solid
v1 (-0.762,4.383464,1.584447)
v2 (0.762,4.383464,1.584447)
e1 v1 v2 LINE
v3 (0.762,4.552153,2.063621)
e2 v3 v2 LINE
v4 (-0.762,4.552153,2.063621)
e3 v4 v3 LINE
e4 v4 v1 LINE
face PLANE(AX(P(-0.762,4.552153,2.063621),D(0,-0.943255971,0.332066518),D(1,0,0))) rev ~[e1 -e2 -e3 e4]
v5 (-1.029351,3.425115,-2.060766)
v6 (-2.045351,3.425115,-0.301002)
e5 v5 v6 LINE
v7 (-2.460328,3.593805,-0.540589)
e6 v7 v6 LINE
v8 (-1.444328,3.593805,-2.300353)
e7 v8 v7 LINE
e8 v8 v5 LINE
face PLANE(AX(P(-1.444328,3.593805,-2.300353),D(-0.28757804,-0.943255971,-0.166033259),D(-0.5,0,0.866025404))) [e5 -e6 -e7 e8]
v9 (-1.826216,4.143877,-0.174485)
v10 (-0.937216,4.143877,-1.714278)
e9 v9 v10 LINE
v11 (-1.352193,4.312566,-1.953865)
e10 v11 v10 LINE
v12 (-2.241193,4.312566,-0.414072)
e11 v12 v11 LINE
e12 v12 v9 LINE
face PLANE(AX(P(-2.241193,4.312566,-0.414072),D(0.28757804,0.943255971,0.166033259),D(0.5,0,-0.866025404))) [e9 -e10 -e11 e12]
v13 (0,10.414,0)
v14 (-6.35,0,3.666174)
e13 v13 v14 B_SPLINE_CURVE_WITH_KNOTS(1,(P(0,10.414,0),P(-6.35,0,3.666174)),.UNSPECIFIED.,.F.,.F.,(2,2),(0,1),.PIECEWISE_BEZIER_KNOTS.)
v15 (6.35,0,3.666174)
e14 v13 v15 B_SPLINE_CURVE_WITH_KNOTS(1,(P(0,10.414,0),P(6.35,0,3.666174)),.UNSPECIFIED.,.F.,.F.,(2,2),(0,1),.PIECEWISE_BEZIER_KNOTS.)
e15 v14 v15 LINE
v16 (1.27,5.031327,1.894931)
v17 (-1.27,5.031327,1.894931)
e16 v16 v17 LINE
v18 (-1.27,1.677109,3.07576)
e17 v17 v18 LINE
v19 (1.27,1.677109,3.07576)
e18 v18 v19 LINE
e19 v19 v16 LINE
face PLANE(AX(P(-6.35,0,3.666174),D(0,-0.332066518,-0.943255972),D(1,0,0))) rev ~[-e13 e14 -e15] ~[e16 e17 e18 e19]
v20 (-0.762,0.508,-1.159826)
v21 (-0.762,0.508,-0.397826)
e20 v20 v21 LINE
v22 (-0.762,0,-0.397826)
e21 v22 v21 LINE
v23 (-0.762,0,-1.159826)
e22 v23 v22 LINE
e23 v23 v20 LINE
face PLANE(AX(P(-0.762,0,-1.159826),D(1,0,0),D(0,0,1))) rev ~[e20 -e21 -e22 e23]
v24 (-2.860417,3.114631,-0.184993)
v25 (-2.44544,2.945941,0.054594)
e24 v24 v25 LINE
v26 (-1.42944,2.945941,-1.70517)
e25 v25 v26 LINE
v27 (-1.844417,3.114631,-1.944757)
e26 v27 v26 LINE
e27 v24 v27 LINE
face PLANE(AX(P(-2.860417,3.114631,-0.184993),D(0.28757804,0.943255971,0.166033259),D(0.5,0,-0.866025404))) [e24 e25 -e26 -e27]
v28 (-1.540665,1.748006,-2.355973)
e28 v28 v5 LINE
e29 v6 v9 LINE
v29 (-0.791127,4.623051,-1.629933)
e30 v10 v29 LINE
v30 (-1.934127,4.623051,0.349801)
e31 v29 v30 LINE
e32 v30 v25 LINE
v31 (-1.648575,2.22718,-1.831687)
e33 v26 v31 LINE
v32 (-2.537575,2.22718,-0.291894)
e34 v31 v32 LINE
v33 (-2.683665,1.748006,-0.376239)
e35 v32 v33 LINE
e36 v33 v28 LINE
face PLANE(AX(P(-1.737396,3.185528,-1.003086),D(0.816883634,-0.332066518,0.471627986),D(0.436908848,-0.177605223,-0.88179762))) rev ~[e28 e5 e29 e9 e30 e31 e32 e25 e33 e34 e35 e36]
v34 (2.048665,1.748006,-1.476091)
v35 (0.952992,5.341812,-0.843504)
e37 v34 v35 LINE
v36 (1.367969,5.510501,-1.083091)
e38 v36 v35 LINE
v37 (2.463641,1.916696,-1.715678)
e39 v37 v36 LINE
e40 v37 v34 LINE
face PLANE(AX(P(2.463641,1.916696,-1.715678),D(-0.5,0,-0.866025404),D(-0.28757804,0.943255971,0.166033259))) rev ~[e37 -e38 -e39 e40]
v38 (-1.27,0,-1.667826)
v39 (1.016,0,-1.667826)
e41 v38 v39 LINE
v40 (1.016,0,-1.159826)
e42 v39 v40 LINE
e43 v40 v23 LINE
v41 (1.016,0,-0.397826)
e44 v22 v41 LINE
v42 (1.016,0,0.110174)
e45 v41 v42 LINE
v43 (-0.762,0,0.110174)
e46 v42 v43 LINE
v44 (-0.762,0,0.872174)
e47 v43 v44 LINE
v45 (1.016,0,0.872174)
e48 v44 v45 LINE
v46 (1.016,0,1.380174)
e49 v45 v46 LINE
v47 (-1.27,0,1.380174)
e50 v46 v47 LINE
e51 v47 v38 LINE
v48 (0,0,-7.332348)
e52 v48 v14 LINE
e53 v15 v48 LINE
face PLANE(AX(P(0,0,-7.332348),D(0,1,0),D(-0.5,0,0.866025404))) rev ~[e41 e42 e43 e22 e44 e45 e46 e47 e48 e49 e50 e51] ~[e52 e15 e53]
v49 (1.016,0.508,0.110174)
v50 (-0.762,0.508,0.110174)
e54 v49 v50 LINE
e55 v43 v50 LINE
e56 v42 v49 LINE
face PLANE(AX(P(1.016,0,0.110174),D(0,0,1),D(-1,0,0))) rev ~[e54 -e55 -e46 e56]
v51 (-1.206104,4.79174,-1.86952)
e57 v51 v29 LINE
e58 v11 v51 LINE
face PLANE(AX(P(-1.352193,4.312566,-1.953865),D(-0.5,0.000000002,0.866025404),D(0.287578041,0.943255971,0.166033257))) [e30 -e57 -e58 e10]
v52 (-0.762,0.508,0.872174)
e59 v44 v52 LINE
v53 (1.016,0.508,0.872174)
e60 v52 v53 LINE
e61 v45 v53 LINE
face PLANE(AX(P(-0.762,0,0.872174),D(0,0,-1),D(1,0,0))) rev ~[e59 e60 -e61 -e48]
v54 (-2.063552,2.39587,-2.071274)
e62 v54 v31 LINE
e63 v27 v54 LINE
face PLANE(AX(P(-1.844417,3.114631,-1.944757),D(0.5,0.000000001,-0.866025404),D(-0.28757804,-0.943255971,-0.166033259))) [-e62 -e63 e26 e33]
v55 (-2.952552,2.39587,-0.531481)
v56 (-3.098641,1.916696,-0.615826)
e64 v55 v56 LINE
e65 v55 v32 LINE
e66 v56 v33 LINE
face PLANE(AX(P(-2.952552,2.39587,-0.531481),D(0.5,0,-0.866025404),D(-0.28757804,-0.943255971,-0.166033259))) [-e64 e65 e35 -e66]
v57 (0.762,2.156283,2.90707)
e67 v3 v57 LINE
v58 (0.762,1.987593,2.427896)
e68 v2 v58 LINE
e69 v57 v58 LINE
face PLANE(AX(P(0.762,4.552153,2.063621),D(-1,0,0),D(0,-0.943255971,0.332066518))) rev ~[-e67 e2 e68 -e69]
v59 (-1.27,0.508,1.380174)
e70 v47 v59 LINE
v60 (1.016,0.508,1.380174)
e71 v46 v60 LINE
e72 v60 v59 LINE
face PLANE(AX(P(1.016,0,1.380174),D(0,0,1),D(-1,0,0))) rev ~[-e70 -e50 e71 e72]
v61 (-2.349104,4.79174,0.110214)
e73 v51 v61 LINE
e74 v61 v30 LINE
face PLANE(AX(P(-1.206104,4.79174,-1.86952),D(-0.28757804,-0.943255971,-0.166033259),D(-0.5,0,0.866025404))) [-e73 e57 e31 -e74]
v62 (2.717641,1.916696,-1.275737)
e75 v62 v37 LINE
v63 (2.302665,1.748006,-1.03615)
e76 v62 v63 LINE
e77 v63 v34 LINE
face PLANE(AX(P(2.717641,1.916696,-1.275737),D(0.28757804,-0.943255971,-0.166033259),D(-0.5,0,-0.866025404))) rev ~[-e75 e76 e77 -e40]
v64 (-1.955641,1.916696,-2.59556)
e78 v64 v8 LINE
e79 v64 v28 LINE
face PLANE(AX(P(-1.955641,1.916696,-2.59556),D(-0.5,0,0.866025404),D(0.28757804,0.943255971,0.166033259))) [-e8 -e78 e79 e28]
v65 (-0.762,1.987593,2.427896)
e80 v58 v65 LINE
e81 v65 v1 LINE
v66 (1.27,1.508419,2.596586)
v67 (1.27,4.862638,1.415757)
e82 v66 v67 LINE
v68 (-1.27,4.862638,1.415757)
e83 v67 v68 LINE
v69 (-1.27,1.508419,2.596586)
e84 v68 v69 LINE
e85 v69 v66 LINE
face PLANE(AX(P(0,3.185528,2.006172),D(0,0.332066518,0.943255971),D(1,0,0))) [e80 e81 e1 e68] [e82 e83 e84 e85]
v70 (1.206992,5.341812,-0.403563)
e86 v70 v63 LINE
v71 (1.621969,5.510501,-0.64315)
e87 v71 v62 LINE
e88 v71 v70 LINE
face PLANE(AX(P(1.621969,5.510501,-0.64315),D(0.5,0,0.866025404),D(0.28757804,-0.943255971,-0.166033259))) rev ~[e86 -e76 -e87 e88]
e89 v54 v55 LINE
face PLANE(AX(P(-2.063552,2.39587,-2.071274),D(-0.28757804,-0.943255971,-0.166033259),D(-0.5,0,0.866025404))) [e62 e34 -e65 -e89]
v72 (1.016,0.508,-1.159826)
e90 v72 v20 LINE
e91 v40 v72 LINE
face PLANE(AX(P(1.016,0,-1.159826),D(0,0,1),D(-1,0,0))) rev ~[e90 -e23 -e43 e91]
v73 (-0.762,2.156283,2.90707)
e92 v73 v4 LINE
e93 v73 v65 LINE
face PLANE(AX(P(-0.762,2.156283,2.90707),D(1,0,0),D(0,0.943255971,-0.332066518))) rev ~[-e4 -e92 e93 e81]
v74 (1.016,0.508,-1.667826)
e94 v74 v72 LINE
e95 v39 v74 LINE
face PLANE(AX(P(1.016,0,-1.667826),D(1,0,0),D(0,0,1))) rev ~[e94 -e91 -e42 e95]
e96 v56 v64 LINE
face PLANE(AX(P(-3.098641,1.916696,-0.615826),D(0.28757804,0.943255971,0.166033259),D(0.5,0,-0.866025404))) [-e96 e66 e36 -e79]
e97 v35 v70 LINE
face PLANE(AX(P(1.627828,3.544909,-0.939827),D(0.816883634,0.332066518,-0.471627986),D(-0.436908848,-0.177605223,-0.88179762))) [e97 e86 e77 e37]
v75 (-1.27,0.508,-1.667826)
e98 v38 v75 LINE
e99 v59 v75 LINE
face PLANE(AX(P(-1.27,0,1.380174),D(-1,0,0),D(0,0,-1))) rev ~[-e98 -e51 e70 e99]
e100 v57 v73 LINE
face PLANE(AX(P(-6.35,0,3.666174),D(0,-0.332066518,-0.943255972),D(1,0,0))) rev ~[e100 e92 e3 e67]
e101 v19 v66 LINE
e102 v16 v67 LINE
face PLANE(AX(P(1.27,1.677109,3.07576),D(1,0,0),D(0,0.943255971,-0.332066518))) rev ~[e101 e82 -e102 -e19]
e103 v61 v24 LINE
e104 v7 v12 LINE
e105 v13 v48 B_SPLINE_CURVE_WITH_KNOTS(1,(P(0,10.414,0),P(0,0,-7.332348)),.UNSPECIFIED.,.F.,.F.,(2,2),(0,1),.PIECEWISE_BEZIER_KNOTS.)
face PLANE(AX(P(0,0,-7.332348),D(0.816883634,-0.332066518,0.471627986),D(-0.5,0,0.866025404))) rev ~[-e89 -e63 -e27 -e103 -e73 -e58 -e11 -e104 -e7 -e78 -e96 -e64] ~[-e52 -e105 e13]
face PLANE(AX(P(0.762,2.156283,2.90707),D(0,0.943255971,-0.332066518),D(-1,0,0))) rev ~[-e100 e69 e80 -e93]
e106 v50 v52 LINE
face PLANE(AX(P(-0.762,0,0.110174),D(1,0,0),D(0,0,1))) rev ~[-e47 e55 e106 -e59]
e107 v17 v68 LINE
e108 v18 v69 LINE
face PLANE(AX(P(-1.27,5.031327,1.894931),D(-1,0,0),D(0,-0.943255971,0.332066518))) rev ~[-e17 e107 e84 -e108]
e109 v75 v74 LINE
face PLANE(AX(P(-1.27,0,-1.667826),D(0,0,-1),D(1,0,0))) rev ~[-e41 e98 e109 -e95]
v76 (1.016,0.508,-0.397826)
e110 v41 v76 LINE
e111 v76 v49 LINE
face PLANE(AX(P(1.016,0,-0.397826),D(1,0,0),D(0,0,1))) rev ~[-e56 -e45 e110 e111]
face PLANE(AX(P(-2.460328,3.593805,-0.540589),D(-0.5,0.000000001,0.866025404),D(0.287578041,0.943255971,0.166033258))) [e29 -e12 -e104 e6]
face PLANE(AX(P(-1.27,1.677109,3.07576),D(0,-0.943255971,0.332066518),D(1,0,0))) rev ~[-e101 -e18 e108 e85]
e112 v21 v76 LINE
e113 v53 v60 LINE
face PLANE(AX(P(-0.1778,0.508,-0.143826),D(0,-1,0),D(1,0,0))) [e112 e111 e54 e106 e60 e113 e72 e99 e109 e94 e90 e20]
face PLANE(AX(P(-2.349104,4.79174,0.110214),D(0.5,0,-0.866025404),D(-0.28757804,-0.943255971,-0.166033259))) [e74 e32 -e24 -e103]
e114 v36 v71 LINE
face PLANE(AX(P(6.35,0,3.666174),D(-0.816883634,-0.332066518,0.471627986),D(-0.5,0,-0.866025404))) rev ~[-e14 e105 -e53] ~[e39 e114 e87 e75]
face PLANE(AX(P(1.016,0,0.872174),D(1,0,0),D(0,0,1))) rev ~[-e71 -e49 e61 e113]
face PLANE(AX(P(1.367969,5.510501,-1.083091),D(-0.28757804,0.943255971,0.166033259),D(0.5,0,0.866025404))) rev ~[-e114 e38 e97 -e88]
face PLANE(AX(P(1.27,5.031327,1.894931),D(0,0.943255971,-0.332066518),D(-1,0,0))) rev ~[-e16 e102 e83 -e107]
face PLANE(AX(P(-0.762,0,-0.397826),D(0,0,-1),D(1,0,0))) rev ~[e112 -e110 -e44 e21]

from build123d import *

# Parameters (mm, degrees)
SKETCH4_W               = 2.54
SKETCH4_H               = 3.556
SKETCH4_W_2             = 1.524
SKETCH4_H_2             = 2.54
CUT_EXTRUDE1_DEPTH      = 0.508
CUT_EXTRUDE2_DEPTH      = 0.508
CUT_EXTRUDE3_DEPTH      = 0.508
CUT_EXTRUDE4_DEPTH      = 15.231557685
CUT_EXTRUDE4_DEPTH_BACK = 0.508
SKETCH8_W               = 0.762
SKETCH8_H               = 0.254
SKETCH8_W_2             = 1.016
SKETCH8_W_3             = 0.254


with BuildPart() as part:
    # Sketch1 → Loft1 section 0
    with BuildSketch(Plane(origin=(0, 0, 0), x_dir=(1, 0, 0), z_dir=(0, 1, 0)), mode=Mode.PRIVATE) as loft1_s0:
        with BuildLine():
            Line((0, 7.332348419), (-6.35, -3.666174209))
            Line((-6.35, -3.666174209), (6.35, -3.666174209))
            Line((6.35, -3.666174209), (0, 7.332348419))
        make_face()
    loft([Vertex(0, 10.414, 0), loft1_s0.sketch])

    # Sketch4 → Cut-Extrude1 (cut)
    with BuildSketch(Plane(origin=(0, 1.148332745, 3.26191188), x_dir=(1, 0, 0), z_dir=(6.377659034928701e-15, 0.3320665177261577, 0.9432559715184545))):
        with Locations((0, 2.338586297)):
            Rectangle(SKETCH4_W, SKETCH4_H)
        with Locations((0, 2.338586297)):
            Rectangle(SKETCH4_W_2, SKETCH4_H_2, mode=Mode.SUBTRACT)
    extrude(amount=-CUT_EXTRUDE1_DEPTH, mode=Mode.SUBTRACT)

    # Sketch6 → Cut-Extrude2 (cut)
    with BuildSketch(Plane(origin=(2.824898553, 1.148332745, -1.63095594), x_dir=(-0.43690884833145366, -0.17760522289896655, -0.881797620233062), z_dir=(0.8168836336063493, 0.3320665177261613, -0.4716279857592303))):
        Polygon((-0.621304332, 4.589694472), (-1.120218022, 4.494043391), (-0.402834916, 0.752190711), (0.096078775, 0.847841792), align=None)
    extrude(amount=-CUT_EXTRUDE2_DEPTH, mode=Mode.SUBTRACT)

    # Sketch7 → Cut-Extrude3 (cut)
    with BuildSketch(Plane(origin=(-2.824898553, 1.148332745, -1.63095594), x_dir=(-0.43690884833145016, 0.17760522289896233, 0.8817976202330645), z_dir=(-0.8168836336063534, 0.33206651772615786, -0.47162798575922543))):
        Polygon((1.974568782, 3.554370693), (-0.270542826, 3.984800557), (-0.366193906, 3.485886867), (1.380004011, 3.151108083), (1.23652739, 2.402737547), (-0.759127373, 2.785341871), (-1.093906156, 1.039143954), (1.151205452, 0.60871409), (1.246856533, 1.10762778), (-0.499341385, 1.442406563), (-0.355864763, 2.190777099), (1.639789999, 1.808172776), align=None)
    extrude(amount=-CUT_EXTRUDE3_DEPTH, mode=Mode.SUBTRACT)

    # Sketch8 → Cut-Extrude4 (cut, two sides: drawn at the far end of the back side and taken through both)
    with BuildSketch(Plane.XZ.offset(-CUT_EXTRUDE4_DEPTH_BACK)):
        Polygon((0, 1.126174209), (-1.016, 1.126174209), (-1.016, 0.110174209), (-0.762, 0.110174209), (-0.762, 0.872174209), (0, 0.872174209), align=None)
        Polygon((-1.016, 0.110174209), (-1.016, 1.126174209), (0, 1.126174209), (0, 1.380174209), (-1.27, 1.380174209), (-1.27, -1.667825791), (0, -1.667825791), (0, -1.413825791), (-1.016, -1.413825791), (-1.016, -0.397825791), (-1.016, -0.143825791), align=None)
        with Locations((-0.381, -0.016825791)):
            Rectangle(SKETCH8_W, SKETCH8_H)
        with Locations((-0.381, -0.270825791)):
            Rectangle(SKETCH8_W, SKETCH8_H)
        with Locations((0.508, -0.016825791)):
            Rectangle(SKETCH8_W_2, SKETCH8_H)
        with Locations((0.508, -0.270825791)):
            Rectangle(SKETCH8_W_2, SKETCH8_H)
        with Locations((-0.889, -0.016825791)):
            Rectangle(SKETCH8_W_3, SKETCH8_H)
        with Locations((-0.889, -0.270825791)):
            Rectangle(SKETCH8_W_3, SKETCH8_H)
        Polygon((-0.762, -0.397825791), (-1.016, -0.397825791), (-1.016, -1.413825791), (0, -1.413825791), (0, -1.159825791), (-0.762, -1.159825791), align=None)
        with Locations((0.508, -1.286825791)):
            Rectangle(SKETCH8_W_2, SKETCH8_H)
        with Locations((0.508, -1.540825791)):
            Rectangle(SKETCH8_W_2, SKETCH8_H)
        with Locations((0.508, 0.999174209)):
            Rectangle(SKETCH8_W_2, SKETCH8_H)
        with Locations((0.508, 1.253174209)):
            Rectangle(SKETCH8_W_2, SKETCH8_H)
    extrude(amount=CUT_EXTRUDE4_DEPTH + CUT_EXTRUDE4_DEPTH_BACK, mode=Mode.SUBTRACT)


solid = part.part
